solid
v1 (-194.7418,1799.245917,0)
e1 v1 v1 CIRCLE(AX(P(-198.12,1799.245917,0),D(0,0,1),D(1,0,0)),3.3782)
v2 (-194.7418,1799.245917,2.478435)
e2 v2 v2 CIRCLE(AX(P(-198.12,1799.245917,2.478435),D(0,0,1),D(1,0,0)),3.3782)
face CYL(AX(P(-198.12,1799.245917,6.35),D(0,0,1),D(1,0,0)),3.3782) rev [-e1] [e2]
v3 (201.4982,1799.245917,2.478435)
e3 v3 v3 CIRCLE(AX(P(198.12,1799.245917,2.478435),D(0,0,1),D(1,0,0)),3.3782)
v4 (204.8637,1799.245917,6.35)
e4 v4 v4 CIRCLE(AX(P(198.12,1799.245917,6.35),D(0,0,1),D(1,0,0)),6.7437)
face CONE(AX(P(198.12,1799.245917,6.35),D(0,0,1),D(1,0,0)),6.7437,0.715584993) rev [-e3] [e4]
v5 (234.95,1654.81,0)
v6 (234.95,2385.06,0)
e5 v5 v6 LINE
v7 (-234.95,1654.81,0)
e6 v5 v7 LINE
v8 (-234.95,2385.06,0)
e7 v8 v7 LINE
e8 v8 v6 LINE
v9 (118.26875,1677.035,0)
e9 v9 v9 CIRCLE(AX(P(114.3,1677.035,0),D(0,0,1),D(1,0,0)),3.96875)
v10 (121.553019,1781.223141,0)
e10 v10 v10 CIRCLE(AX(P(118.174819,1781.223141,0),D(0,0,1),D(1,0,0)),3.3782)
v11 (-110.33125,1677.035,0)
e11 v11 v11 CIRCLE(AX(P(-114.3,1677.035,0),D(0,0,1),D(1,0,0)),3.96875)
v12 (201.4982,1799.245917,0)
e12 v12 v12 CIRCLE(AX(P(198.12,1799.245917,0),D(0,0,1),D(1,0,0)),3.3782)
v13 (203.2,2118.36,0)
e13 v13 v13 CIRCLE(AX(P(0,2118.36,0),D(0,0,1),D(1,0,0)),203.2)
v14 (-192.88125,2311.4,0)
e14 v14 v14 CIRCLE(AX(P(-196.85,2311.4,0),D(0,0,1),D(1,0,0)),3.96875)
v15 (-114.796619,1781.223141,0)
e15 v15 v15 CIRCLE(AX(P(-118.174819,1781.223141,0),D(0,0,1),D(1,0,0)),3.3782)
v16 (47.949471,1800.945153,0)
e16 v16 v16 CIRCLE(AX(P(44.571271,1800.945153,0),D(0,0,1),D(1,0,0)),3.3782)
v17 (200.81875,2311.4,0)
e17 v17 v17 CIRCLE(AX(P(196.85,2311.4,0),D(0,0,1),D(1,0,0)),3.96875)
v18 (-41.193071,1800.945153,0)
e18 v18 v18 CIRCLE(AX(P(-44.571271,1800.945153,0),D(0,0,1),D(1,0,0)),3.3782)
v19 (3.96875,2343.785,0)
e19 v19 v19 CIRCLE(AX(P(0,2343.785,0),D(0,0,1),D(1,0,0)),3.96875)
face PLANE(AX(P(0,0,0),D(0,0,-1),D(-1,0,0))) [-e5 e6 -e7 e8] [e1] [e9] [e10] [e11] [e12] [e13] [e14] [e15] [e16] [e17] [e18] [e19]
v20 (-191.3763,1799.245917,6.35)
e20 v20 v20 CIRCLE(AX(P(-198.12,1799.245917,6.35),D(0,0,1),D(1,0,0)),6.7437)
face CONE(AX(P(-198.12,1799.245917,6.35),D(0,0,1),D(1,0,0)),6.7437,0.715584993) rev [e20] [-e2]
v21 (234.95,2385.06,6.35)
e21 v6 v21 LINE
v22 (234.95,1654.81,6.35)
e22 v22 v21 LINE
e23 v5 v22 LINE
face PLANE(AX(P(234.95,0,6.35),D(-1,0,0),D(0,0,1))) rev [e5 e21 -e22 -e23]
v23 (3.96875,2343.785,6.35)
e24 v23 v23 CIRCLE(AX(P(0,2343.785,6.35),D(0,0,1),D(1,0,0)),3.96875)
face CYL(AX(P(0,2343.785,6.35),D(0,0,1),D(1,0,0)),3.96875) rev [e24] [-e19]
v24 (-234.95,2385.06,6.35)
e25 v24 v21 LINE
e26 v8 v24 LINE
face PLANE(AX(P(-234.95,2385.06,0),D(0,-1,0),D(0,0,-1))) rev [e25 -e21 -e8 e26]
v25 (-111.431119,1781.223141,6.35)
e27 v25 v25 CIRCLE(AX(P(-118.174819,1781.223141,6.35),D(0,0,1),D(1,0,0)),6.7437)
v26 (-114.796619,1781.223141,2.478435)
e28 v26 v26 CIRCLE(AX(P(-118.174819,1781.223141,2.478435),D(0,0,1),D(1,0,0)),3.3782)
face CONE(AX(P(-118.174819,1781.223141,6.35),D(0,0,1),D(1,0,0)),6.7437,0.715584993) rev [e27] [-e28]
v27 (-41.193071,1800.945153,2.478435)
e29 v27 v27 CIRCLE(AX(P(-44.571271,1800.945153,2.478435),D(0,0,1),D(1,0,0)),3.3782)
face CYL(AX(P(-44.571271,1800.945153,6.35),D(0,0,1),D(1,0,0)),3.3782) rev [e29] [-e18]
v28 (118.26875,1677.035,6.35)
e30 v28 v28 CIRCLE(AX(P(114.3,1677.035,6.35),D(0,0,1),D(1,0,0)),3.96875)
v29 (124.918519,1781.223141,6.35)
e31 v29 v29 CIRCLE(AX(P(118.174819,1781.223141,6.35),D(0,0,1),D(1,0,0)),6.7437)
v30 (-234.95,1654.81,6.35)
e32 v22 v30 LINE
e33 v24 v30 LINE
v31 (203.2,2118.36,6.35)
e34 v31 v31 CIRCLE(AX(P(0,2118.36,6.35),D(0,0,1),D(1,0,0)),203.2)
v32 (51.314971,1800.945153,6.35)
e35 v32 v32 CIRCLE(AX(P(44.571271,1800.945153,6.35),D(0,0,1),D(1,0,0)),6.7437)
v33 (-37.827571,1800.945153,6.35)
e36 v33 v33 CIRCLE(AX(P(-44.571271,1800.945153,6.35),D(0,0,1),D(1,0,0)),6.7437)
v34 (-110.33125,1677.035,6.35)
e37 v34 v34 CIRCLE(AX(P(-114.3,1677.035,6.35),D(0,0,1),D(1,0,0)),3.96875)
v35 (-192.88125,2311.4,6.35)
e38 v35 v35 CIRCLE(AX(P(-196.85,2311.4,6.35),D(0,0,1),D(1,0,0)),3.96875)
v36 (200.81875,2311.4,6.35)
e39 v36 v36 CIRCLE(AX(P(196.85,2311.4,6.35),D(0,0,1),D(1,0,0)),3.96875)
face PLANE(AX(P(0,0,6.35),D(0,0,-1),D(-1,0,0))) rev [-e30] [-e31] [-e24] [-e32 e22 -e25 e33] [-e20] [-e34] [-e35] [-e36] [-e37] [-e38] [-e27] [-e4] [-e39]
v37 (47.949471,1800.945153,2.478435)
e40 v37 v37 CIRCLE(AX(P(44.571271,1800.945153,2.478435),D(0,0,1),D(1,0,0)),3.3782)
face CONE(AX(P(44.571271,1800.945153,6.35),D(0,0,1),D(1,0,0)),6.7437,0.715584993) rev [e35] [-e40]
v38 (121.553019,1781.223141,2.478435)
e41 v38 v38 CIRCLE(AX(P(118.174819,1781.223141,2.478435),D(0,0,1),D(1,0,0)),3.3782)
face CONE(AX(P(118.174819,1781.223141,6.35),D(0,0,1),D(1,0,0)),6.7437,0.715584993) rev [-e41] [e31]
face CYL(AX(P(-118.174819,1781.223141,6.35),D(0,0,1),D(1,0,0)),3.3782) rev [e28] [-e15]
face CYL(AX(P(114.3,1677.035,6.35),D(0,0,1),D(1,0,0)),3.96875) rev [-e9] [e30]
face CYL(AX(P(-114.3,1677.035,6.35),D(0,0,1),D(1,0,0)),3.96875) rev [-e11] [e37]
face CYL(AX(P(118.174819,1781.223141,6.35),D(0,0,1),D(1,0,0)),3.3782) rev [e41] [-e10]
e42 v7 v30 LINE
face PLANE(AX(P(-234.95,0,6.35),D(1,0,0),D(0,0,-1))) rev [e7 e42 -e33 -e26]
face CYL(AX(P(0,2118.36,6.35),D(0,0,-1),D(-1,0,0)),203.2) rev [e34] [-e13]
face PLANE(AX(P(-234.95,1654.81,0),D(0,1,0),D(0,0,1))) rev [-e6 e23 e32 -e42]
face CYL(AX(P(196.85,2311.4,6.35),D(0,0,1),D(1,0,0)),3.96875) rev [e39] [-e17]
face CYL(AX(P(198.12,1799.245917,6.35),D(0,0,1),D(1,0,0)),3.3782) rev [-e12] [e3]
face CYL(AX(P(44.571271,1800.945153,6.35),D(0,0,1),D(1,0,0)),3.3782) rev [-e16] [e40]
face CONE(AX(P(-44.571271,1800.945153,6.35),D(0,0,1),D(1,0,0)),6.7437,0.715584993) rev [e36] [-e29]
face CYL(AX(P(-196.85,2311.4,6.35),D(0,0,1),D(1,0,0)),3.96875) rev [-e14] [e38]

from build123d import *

# Parameters (mm, degrees)
SKETCH1_W                                     = 469.9
SKETCH1_H                                     = 2413
SKETCH1_R                                     = 203.2
BOSS_EXTRUDE1_DEPTH                           = 6.35
CSK_FOR_1_4_FLAT_HEAD_SOCKET_CAP_SCR_2_COUNT  = 2
CSK_FOR_1_4_FLAT_HEAD_SOCKET_CAP_SCR_2_PITCH  = 76.2
CSK_FOR_1_4_FLAT_HEAD_SOCKET_CAP_SCR_3_COUNT  = 2
CSK_FOR_1_4_FLAT_HEAD_SOCKET_CAP_SCR_3_PITCH  = 89.142542345
CSK_FOR_1_4_FLAT_HEAD_SOCKET_CAP_SCR_4_COUNT  = 2
CSK_FOR_1_4_FLAT_HEAD_SOCKET_CAP_SCR_4_PITCH  = 163.936718394
CSK_FOR_1_4_FLAT_HEAD_SOCKET_CAP_SCR_5_COUNT  = 2
CSK_FOR_1_4_FLAT_HEAD_SOCKET_CAP_SCR_5_PITCH  = 711.2
CSK_FOR_1_4_FLAT_HEAD_SOCKET_CAP_SCR_6_COUNT  = 2
CSK_FOR_1_4_FLAT_HEAD_SOCKET_CAP_SCR_6_PITCH  = 695.384275934
CSK_FOR_1_4_FLAT_HEAD_SOCKET_CAP_SCR_7_COUNT  = 2
CSK_FOR_1_4_FLAT_HEAD_SOCKET_CAP_SCR_7_PITCH  = 716.764837904
CSK_FOR_1_4_FLAT_HEAD_SOCKET_CAP_SCR_8_COUNT  = 2
CSK_FOR_1_4_FLAT_HEAD_SOCKET_CAP_SCR_8_PITCH  = 710.371803251
CSK_FOR_1_4_FLAT_HEAD_SOCKET_CAP_SCR_9_COUNT  = 2
CSK_FOR_1_4_FLAT_HEAD_SOCKET_CAP_SCR_9_PITCH  = 1422.4
CSK_FOR_1_4_FLAT_HEAD_SOCKET_CAP_SCR_10_COUNT = 2
CSK_FOR_1_4_FLAT_HEAD_SOCKET_CAP_SCR_10_PITCH = 1404.60778242
CSK_FOR_1_4_FLAT_HEAD_SOCKET_CAP_SCR_11_COUNT = 2
CSK_FOR_1_4_FLAT_HEAD_SOCKET_CAP_SCR_11_PITCH = 1425.190567207
CSK_FOR_1_4_FLAT_HEAD_SOCKET_CAP_SCR_12_COUNT = 2
CSK_FOR_1_4_FLAT_HEAD_SOCKET_CAP_SCR_12_PITCH = 1412.087755797
CSK_FOR_1_4_FLAT_HEAD_SOCKET_CAP_SCR_13_COUNT = 2
CSK_FOR_1_4_FLAT_HEAD_SOCKET_CAP_SCR_13_PITCH = 153.55813077
CSK_FOR_1_4_FLAT_HEAD_SOCKET_CAP_SCR_14_COUNT = 2
CSK_FOR_1_4_FLAT_HEAD_SOCKET_CAP_SCR_14_PITCH = 242.697219812
CSK_FOR_1_4_FLAT_HEAD_SOCKET_CAP_SCR_15_COUNT = 2
CSK_FOR_1_4_FLAT_HEAD_SOCKET_CAP_SCR_15_PITCH = 749.86024568
CSK_FOR_1_4_FLAT_HEAD_SOCKET_CAP_SCR_16_COUNT = 2
CSK_FOR_1_4_FLAT_HEAD_SOCKET_CAP_SCR_16_PITCH = 1441.280581843
CSK_FOR_1_4_FLAT_HEAD_SOCKET_CAP_SCR_17_COUNT = 2
CSK_FOR_1_4_FLAT_HEAD_SOCKET_CAP_SCR_17_PITCH = 1428.974413563
CSK_FOR_1_4_FLAT_HEAD_SOCKET_CAP_SCR_18_COUNT = 2
CSK_FOR_1_4_FLAT_HEAD_SOCKET_CAP_SCR_18_PITCH = 725.925992834
F_5_16_0_3125_DIAMETER_HOLE1_D                = 7.9375
SKETCH6_W                                     = 469.9
SKETCH6_H                                     = 1654.81
CUT_EXTRUDE1_DEPTH                            = 7.35
SKETCH7_W                                     = 469.9
SKETCH7_H                                     = 27.94
CUT_EXTRUDE2_DEPTH                            = 7.35


with BuildPart() as part:
    # Sketch1 → Boss-Extrude1 (new body)
    with BuildSketch(Plane.XY):
        with Locations((0, 1206.5)):
            Rectangle(SKETCH1_W, SKETCH1_H)
        with Locations((0, 695.96)):
            Circle(SKETCH1_R, mode=Mode.SUBTRACT)
        with Locations((0, 1407.16)):
            Circle(SKETCH1_R, mode=Mode.SUBTRACT)
        with Locations((0, 2118.36)):
            Circle(SKETCH1_R, mode=Mode.SUBTRACT)
    extrude(amount=BOSS_EXTRUDE1_DEPTH)

    # Sketch3 → CSK for 1/4 Flat Head Socket Cap Screw1 (revolve, cut)
    with BuildSketch(Plane(origin=(44.571271172, 378.545152647, 6.35), x_dir=(0, -1, 0), z_dir=(1, 0, 0))):
        Polygon((0, 0), (0, 6.35), (3.3782, 6.35), (3.3782, 3.871564875), (6.7437, 0), align=None)
    csk_for_1_4_flat_head_socket_cap_screw1 = revolve(axis=Axis((44.571271172, 378.545152647, 12.7), (0, 0, -1)), mode=Mode.SUBTRACT)

    # CSK for 1_4 Flat Head Socket Cap Scr 2: CSK for 1/4 Flat Head Socket Cap Screw1 ×2
    with Locations(*[Vector(0.965925826, -0.258819045, 0) * (i * CSK_FOR_1_4_FLAT_HEAD_SOCKET_CAP_SCR_2_PITCH) for i in range(1, CSK_FOR_1_4_FLAT_HEAD_SOCKET_CAP_SCR_2_COUNT)]):
        add(csk_for_1_4_flat_head_socket_cap_screw1, mode=Mode.SUBTRACT)

    # CSK for 1_4 Flat Head Socket Cap Scr 3: CSK for 1/4 Flat Head Socket Cap Screw1 ×2
    with Locations(*[(-i * CSK_FOR_1_4_FLAT_HEAD_SOCKET_CAP_SCR_3_PITCH, 0, 0) for i in range(1, CSK_FOR_1_4_FLAT_HEAD_SOCKET_CAP_SCR_3_COUNT)]):
        add(csk_for_1_4_flat_head_socket_cap_screw1, mode=Mode.SUBTRACT)

    # CSK for 1_4 Flat Head Socket Cap Scr 4: CSK for 1/4 Flat Head Socket Cap Screw1 ×2
    with Locations(*[Vector(-0.99273727, -0.120302586, 0) * (i * CSK_FOR_1_4_FLAT_HEAD_SOCKET_CAP_SCR_4_PITCH) for i in range(1, CSK_FOR_1_4_FLAT_HEAD_SOCKET_CAP_SCR_4_COUNT)]):
        add(csk_for_1_4_flat_head_socket_cap_screw1, mode=Mode.SUBTRACT)

    # CSK for 1_4 Flat Head Socket Cap Scr 5: CSK for 1/4 Flat Head Socket Cap Screw1 ×2
    with Locations(*[(0, i * CSK_FOR_1_4_FLAT_HEAD_SOCKET_CAP_SCR_5_PITCH, 0) for i in range(1, CSK_FOR_1_4_FLAT_HEAD_SOCKET_CAP_SCR_5_COUNT)]):
        add(csk_for_1_4_flat_head_socket_cap_screw1, mode=Mode.SUBTRACT)

    # CSK for 1_4 Flat Head Socket Cap Scr 6: CSK for 1/4 Flat Head Socket Cap Screw1 ×2
    with Locations(*[Vector(0.105845862, 0.994382549, 0) * (i * CSK_FOR_1_4_FLAT_HEAD_SOCKET_CAP_SCR_6_PITCH) for i in range(1, CSK_FOR_1_4_FLAT_HEAD_SOCKET_CAP_SCR_6_COUNT)]):
        add(csk_for_1_4_flat_head_socket_cap_screw1, mode=Mode.SUBTRACT)

    # CSK for 1_4 Flat Head Socket Cap Scr 7: CSK for 1/4 Flat Head Socket Cap Screw1 ×2
    with Locations(*[Vector(-0.124367907, 0.992236173, 0) * (i * CSK_FOR_1_4_FLAT_HEAD_SOCKET_CAP_SCR_7_PITCH) for i in range(1, CSK_FOR_1_4_FLAT_HEAD_SOCKET_CAP_SCR_7_COUNT)]):
        add(csk_for_1_4_flat_head_socket_cap_screw1, mode=Mode.SUBTRACT)

    # CSK for 1_4 Flat Head Socket Cap Scr 8: CSK for 1/4 Flat Head Socket Cap Screw1 ×2
    with Locations(*[Vector(-0.229099874, 0.973402922, 0) * (i * CSK_FOR_1_4_FLAT_HEAD_SOCKET_CAP_SCR_8_PITCH) for i in range(1, CSK_FOR_1_4_FLAT_HEAD_SOCKET_CAP_SCR_8_COUNT)]):
        add(csk_for_1_4_flat_head_socket_cap_screw1, mode=Mode.SUBTRACT)

    # CSK for 1_4 Flat Head Socket Cap Scr 9: CSK for 1/4 Flat Head Socket Cap Screw1 ×2
    with Locations(*[(0, i * CSK_FOR_1_4_FLAT_HEAD_SOCKET_CAP_SCR_9_PITCH, 0) for i in range(1, CSK_FOR_1_4_FLAT_HEAD_SOCKET_CAP_SCR_9_COUNT)]):
        add(csk_for_1_4_flat_head_socket_cap_screw1, mode=Mode.SUBTRACT)

    # CSK for 1_4 Flat Head Socket Cap Scr 10: CSK for 1/4 Flat Head Socket Cap Screw1 ×2
    with Locations(*[Vector(0.052401495, 0.998626098, 0) * (i * CSK_FOR_1_4_FLAT_HEAD_SOCKET_CAP_SCR_10_PITCH) for i in range(1, CSK_FOR_1_4_FLAT_HEAD_SOCKET_CAP_SCR_10_COUNT)]):
        add(csk_for_1_4_flat_head_socket_cap_screw1, mode=Mode.SUBTRACT)

    # CSK for 1_4 Flat Head Socket Cap Scr 11: CSK for 1/4 Flat Head Socket Cap Screw1 ×2
    with Locations(*[Vector(-0.062547805, 0.998041969, 0) * (i * CSK_FOR_1_4_FLAT_HEAD_SOCKET_CAP_SCR_11_PITCH) for i in range(1, CSK_FOR_1_4_FLAT_HEAD_SOCKET_CAP_SCR_11_COUNT)]):
        add(csk_for_1_4_flat_head_socket_cap_screw1, mode=Mode.SUBTRACT)

    # CSK for 1_4 Flat Head Socket Cap Scr 12: CSK for 1/4 Flat Head Socket Cap Screw1 ×2
    with Locations(*[Vector(-0.115252108, 0.993336273, 0) * (i * CSK_FOR_1_4_FLAT_HEAD_SOCKET_CAP_SCR_12_PITCH) for i in range(1, CSK_FOR_1_4_FLAT_HEAD_SOCKET_CAP_SCR_12_COUNT)]):
        add(csk_for_1_4_flat_head_socket_cap_screw1, mode=Mode.SUBTRACT)

    # CSK for 1_4 Flat Head Socket Cap Scr 13: CSK for 1/4 Flat Head Socket Cap Screw1 ×2
    with Locations(*[Vector(0.999938773, -0.011065747, 0) * (i * CSK_FOR_1_4_FLAT_HEAD_SOCKET_CAP_SCR_13_PITCH) for i in range(1, CSK_FOR_1_4_FLAT_HEAD_SOCKET_CAP_SCR_13_COUNT)]):
        add(csk_for_1_4_flat_head_socket_cap_screw1, mode=Mode.SUBTRACT)

    # CSK for 1_4 Flat Head Socket Cap Scr 14: CSK for 1/4 Flat Head Socket Cap Screw1 ×2
    with Locations(*[Vector(-0.999975489, -0.007001462, 0) * (i * CSK_FOR_1_4_FLAT_HEAD_SOCKET_CAP_SCR_14_PITCH) for i in range(1, CSK_FOR_1_4_FLAT_HEAD_SOCKET_CAP_SCR_14_COUNT)]):
        add(csk_for_1_4_flat_head_socket_cap_screw1, mode=Mode.SUBTRACT)

    # CSK for 1_4 Flat Head Socket Cap Scr 15: CSK for 1/4 Flat Head Socket Cap Screw1 ×2
    with Locations(*[Vector(-0.32364867, 0.946177329, 0) * (i * CSK_FOR_1_4_FLAT_HEAD_SOCKET_CAP_SCR_15_PITCH) for i in range(1, CSK_FOR_1_4_FLAT_HEAD_SOCKET_CAP_SCR_15_COUNT)]):
        add(csk_for_1_4_flat_head_socket_cap_screw1, mode=Mode.SUBTRACT)

    # CSK for 1_4 Flat Head Socket Cap Scr 16: CSK for 1/4 Flat Head Socket Cap Screw1 ×2
    with Locations(*[Vector(-0.168385861, 0.985721158, 0) * (i * CSK_FOR_1_4_FLAT_HEAD_SOCKET_CAP_SCR_16_PITCH) for i in range(1, CSK_FOR_1_4_FLAT_HEAD_SOCKET_CAP_SCR_16_COUNT)]):
        add(csk_for_1_4_flat_head_socket_cap_screw1, mode=Mode.SUBTRACT)

    # CSK for 1_4 Flat Head Socket Cap Scr 17: CSK for 1/4 Flat Head Socket Cap Screw1 ×2
    with Locations(*[Vector(0.107453799, 0.994210079, 0) * (i * CSK_FOR_1_4_FLAT_HEAD_SOCKET_CAP_SCR_17_PITCH) for i in range(1, CSK_FOR_1_4_FLAT_HEAD_SOCKET_CAP_SCR_17_COUNT)]):
        add(csk_for_1_4_flat_head_socket_cap_screw1, mode=Mode.SUBTRACT)

    # CSK for 1_4 Flat Head Socket Cap Scr 18: CSK for 1/4 Flat Head Socket Cap Screw1 ×2
    with Locations(*[Vector(0.211521189, 0.977373412, 0) * (i * CSK_FOR_1_4_FLAT_HEAD_SOCKET_CAP_SCR_18_PITCH) for i in range(1, CSK_FOR_1_4_FLAT_HEAD_SOCKET_CAP_SCR_18_COUNT)]):
        add(csk_for_1_4_flat_head_socket_cap_screw1, mode=Mode.SUBTRACT)

    # 5/16 (0.3125) Diameter Hole1 (through all)
    with Locations(Plane.XY.offset(6.35)):
        with Locations((-114.3, 254.635), (-114.3, 210.185), (-196.85, 177.8), (196.85, 177.8), (114.3, 210.185), (114.3, 254.635), (-114.3, 965.835), (-114.3, 921.385), (-196.85, 889), (196.85, 889), (114.3, 921.385), (114.3, 965.835), (-114.3, 1677.035), (-114.3, 1632.585), (-196.85, 1600.2), (196.85, 1600.2), (114.3, 1632.585), (114.3, 1677.035), (-196.85, 2311.4), (196.85, 2311.4), (0, 2343.785)):
            Hole(F_5_16_0_3125_DIAMETER_HOLE1_D / 2)

    # Sketch6 → Cut-Extrude1 (cut, through all)
    with BuildSketch(Plane.XY.offset(6.35)):
        with Locations((0, 827.405)):
            Rectangle(SKETCH6_W, SKETCH6_H)
    extrude(amount=-CUT_EXTRUDE1_DEPTH, mode=Mode.SUBTRACT)

    # Sketch7 → Cut-Extrude2 (cut, through all)
    with BuildSketch(Plane.XY.offset(6.35)):
        with Locations((0, 2399.03)):
            Rectangle(SKETCH7_W, SKETCH7_H)
    extrude(amount=-CUT_EXTRUDE2_DEPTH, mode=Mode.SUBTRACT)


solid = part.part
